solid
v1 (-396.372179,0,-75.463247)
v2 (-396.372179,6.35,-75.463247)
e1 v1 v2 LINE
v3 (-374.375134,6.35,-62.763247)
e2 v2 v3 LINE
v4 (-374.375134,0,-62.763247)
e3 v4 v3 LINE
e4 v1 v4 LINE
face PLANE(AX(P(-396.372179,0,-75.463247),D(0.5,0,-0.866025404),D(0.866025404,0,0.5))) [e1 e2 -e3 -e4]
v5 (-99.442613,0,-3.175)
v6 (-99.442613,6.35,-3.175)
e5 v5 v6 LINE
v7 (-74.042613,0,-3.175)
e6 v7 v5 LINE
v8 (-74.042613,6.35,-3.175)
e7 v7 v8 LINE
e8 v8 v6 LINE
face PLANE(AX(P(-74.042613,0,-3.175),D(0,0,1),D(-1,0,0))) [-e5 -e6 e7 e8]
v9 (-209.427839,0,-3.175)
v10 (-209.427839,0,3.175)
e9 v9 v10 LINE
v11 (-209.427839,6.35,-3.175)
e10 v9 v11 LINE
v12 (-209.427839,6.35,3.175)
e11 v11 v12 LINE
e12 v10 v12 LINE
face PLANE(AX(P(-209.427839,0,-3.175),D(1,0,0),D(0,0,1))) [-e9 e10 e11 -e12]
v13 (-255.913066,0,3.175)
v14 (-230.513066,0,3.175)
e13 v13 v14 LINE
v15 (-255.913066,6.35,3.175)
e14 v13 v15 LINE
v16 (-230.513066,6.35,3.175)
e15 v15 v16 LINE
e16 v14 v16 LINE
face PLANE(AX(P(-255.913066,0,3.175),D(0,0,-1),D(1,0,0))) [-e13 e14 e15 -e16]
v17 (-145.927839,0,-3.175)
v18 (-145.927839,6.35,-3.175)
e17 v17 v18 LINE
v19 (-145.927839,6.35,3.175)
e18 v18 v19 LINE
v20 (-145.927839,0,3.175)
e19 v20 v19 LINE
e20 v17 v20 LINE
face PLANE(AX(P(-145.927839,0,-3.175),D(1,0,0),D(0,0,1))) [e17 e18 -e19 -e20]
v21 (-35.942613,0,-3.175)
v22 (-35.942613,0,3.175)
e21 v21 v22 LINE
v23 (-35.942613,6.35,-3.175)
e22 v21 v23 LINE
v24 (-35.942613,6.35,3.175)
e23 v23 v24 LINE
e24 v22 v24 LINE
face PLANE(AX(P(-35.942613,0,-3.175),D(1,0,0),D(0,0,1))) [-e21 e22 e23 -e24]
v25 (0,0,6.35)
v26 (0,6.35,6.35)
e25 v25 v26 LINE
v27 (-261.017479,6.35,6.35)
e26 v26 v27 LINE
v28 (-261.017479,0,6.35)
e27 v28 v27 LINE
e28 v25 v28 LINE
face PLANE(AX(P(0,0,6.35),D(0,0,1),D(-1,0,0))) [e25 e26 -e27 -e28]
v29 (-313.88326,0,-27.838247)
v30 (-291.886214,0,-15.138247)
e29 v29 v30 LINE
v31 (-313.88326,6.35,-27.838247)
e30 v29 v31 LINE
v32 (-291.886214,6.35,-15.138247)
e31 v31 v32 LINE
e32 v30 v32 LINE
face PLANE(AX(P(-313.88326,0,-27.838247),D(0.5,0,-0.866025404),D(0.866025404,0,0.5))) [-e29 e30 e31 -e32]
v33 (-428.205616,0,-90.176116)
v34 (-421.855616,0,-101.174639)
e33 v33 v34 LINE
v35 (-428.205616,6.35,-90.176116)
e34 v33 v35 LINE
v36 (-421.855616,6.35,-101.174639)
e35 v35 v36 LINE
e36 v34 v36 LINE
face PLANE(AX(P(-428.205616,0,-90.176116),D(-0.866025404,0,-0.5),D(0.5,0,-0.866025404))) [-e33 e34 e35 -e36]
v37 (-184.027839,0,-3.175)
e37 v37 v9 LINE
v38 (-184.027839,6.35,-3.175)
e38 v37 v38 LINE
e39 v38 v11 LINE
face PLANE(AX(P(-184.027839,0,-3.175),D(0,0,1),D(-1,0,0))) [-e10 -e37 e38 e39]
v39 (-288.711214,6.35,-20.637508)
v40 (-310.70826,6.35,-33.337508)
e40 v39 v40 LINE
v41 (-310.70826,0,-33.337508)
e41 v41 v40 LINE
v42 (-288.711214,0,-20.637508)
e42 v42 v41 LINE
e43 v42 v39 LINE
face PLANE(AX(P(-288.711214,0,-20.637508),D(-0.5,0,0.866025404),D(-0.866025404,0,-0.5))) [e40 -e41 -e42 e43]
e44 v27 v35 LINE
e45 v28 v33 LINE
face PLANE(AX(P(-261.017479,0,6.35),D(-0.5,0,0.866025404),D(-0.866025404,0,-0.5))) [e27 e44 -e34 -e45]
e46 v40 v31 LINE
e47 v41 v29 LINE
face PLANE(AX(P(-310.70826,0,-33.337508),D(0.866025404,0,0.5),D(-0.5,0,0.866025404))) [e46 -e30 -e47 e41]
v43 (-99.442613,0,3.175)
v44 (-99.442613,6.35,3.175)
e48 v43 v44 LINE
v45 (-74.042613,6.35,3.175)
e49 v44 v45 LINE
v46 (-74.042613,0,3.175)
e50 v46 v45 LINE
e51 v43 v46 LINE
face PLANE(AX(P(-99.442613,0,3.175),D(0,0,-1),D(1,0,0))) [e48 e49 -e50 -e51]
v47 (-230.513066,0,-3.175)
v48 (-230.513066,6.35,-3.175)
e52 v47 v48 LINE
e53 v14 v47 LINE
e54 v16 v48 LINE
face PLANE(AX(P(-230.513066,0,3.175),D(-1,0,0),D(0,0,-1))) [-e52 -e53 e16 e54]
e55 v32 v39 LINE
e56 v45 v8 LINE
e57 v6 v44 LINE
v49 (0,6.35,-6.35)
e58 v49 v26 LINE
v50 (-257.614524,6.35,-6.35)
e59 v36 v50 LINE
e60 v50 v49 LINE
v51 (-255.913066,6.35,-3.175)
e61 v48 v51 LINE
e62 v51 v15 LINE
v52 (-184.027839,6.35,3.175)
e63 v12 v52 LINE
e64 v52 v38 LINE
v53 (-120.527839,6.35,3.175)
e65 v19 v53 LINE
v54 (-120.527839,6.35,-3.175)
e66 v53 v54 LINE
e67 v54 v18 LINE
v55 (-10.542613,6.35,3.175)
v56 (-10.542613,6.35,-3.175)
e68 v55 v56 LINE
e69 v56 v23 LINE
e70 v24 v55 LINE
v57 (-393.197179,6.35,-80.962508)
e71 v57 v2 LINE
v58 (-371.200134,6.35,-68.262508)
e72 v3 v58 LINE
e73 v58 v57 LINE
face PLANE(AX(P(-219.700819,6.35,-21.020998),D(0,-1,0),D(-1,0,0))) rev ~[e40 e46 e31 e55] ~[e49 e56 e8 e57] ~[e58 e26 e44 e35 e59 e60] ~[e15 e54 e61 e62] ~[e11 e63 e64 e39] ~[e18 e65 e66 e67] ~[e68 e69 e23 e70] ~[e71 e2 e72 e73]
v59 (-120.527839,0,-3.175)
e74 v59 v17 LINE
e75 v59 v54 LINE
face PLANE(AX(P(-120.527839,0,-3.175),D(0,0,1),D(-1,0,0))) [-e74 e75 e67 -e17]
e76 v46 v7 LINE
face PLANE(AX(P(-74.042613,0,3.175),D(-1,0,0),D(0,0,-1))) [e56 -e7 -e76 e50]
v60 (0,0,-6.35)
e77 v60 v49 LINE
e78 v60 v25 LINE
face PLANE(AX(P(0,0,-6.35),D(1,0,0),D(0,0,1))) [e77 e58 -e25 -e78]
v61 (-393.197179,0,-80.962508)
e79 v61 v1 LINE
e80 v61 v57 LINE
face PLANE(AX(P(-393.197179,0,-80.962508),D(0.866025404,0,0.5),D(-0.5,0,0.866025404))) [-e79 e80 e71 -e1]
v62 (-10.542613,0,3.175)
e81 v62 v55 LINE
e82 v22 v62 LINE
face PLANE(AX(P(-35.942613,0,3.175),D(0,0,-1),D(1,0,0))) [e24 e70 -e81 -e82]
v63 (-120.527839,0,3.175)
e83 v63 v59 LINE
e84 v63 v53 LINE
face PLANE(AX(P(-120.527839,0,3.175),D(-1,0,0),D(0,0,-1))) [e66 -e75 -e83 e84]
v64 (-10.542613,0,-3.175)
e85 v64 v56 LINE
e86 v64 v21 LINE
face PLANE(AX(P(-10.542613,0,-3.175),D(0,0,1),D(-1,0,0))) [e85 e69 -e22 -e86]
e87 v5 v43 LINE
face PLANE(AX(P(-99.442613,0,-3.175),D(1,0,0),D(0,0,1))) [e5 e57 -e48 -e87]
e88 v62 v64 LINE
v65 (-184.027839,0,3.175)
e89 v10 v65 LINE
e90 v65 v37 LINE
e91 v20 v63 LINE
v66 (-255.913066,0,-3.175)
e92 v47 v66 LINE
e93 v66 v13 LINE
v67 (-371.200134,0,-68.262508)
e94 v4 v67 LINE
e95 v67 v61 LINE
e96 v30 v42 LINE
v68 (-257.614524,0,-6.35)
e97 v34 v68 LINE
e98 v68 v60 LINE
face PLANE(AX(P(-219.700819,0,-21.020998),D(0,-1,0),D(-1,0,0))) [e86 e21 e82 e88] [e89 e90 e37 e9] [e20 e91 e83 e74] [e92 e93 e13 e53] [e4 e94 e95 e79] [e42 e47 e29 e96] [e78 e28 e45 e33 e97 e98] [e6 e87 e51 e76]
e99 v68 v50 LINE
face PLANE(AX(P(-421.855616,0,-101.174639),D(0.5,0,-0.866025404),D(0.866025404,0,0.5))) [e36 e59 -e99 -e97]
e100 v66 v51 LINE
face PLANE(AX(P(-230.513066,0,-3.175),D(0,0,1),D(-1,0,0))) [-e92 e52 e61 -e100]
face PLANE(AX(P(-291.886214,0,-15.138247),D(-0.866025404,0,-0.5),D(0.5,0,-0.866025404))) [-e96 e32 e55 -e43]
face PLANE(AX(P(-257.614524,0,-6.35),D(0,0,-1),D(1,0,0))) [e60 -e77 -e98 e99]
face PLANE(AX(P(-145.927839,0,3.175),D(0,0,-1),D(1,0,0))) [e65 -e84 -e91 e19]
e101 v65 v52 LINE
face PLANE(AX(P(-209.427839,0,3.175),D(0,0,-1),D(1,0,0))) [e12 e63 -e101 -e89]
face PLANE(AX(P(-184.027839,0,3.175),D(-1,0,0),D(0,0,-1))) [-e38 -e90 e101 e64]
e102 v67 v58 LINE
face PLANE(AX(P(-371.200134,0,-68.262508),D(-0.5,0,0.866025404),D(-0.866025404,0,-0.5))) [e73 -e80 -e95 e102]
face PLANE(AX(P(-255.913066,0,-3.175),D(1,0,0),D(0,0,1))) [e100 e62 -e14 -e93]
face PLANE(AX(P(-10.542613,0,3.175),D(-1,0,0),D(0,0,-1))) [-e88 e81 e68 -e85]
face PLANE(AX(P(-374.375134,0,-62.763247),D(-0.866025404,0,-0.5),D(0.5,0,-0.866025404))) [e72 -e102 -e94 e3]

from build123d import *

# Parameters (mm, degrees)
BOSS_EXTRUDE2_DEPTH = 6.35


with BuildPart() as part:
    # Sketch4 → Boss-Extrude2 (new body)
    with BuildSketch(Plane(origin=(0, 0, 0), x_dir=(1, 0, 0), z_dir=(0, 1, 0))):
        Polygon((-428.205616447, 90.176116322), (-421.855616447, 101.17463895), (-257.614523887, 6.349999946), (-1e-09, 6.35), (1e-09, -6.35), (-261.017478725, -6.35), align=None)
        Polygon((-396.37217922, 75.463246979), (-374.375133964, 62.763246979), (-371.200133964, 68.262508293), (-393.19717922, 80.962508293), align=None, mode=Mode.SUBTRACT)
        Polygon((-313.88325951, 27.838246978), (-291.886214254, 15.138246977), (-288.711214254, 20.637508291), (-310.70825951, 33.337508292), align=None, mode=Mode.SUBTRACT)
        Polygon((-255.913065771, 3.174999946), (-255.913065769, -3.175000054), (-230.513065769, -3.175000048), (-230.513065771, 3.174999952), align=None, mode=Mode.SUBTRACT)
        Polygon((-209.427839463, 3.174999956), (-209.427839461, -3.175000044), (-184.027839461, -3.175000038), (-184.027839463, 3.174999962), align=None, mode=Mode.SUBTRACT)
        Polygon((-120.527839461, -3.175000025), (-120.527839463, 3.174999975), (-145.927839463, 3.174999969), (-145.927839461, -3.175000031), align=None, mode=Mode.SUBTRACT)
        Polygon((-99.442613155, 3.174999979), (-99.442613153, -3.175000021), (-74.042613153, -3.175000015), (-74.042613155, 3.174999985), align=None, mode=Mode.SUBTRACT)
        Polygon((-10.542613153, -3.175000002), (-10.542613155, 3.174999998), (-35.942613155, 3.174999993), (-35.942613153, -3.175000007), align=None, mode=Mode.SUBTRACT)
    extrude(amount=BOSS_EXTRUDE2_DEPTH)


solid = part.part
